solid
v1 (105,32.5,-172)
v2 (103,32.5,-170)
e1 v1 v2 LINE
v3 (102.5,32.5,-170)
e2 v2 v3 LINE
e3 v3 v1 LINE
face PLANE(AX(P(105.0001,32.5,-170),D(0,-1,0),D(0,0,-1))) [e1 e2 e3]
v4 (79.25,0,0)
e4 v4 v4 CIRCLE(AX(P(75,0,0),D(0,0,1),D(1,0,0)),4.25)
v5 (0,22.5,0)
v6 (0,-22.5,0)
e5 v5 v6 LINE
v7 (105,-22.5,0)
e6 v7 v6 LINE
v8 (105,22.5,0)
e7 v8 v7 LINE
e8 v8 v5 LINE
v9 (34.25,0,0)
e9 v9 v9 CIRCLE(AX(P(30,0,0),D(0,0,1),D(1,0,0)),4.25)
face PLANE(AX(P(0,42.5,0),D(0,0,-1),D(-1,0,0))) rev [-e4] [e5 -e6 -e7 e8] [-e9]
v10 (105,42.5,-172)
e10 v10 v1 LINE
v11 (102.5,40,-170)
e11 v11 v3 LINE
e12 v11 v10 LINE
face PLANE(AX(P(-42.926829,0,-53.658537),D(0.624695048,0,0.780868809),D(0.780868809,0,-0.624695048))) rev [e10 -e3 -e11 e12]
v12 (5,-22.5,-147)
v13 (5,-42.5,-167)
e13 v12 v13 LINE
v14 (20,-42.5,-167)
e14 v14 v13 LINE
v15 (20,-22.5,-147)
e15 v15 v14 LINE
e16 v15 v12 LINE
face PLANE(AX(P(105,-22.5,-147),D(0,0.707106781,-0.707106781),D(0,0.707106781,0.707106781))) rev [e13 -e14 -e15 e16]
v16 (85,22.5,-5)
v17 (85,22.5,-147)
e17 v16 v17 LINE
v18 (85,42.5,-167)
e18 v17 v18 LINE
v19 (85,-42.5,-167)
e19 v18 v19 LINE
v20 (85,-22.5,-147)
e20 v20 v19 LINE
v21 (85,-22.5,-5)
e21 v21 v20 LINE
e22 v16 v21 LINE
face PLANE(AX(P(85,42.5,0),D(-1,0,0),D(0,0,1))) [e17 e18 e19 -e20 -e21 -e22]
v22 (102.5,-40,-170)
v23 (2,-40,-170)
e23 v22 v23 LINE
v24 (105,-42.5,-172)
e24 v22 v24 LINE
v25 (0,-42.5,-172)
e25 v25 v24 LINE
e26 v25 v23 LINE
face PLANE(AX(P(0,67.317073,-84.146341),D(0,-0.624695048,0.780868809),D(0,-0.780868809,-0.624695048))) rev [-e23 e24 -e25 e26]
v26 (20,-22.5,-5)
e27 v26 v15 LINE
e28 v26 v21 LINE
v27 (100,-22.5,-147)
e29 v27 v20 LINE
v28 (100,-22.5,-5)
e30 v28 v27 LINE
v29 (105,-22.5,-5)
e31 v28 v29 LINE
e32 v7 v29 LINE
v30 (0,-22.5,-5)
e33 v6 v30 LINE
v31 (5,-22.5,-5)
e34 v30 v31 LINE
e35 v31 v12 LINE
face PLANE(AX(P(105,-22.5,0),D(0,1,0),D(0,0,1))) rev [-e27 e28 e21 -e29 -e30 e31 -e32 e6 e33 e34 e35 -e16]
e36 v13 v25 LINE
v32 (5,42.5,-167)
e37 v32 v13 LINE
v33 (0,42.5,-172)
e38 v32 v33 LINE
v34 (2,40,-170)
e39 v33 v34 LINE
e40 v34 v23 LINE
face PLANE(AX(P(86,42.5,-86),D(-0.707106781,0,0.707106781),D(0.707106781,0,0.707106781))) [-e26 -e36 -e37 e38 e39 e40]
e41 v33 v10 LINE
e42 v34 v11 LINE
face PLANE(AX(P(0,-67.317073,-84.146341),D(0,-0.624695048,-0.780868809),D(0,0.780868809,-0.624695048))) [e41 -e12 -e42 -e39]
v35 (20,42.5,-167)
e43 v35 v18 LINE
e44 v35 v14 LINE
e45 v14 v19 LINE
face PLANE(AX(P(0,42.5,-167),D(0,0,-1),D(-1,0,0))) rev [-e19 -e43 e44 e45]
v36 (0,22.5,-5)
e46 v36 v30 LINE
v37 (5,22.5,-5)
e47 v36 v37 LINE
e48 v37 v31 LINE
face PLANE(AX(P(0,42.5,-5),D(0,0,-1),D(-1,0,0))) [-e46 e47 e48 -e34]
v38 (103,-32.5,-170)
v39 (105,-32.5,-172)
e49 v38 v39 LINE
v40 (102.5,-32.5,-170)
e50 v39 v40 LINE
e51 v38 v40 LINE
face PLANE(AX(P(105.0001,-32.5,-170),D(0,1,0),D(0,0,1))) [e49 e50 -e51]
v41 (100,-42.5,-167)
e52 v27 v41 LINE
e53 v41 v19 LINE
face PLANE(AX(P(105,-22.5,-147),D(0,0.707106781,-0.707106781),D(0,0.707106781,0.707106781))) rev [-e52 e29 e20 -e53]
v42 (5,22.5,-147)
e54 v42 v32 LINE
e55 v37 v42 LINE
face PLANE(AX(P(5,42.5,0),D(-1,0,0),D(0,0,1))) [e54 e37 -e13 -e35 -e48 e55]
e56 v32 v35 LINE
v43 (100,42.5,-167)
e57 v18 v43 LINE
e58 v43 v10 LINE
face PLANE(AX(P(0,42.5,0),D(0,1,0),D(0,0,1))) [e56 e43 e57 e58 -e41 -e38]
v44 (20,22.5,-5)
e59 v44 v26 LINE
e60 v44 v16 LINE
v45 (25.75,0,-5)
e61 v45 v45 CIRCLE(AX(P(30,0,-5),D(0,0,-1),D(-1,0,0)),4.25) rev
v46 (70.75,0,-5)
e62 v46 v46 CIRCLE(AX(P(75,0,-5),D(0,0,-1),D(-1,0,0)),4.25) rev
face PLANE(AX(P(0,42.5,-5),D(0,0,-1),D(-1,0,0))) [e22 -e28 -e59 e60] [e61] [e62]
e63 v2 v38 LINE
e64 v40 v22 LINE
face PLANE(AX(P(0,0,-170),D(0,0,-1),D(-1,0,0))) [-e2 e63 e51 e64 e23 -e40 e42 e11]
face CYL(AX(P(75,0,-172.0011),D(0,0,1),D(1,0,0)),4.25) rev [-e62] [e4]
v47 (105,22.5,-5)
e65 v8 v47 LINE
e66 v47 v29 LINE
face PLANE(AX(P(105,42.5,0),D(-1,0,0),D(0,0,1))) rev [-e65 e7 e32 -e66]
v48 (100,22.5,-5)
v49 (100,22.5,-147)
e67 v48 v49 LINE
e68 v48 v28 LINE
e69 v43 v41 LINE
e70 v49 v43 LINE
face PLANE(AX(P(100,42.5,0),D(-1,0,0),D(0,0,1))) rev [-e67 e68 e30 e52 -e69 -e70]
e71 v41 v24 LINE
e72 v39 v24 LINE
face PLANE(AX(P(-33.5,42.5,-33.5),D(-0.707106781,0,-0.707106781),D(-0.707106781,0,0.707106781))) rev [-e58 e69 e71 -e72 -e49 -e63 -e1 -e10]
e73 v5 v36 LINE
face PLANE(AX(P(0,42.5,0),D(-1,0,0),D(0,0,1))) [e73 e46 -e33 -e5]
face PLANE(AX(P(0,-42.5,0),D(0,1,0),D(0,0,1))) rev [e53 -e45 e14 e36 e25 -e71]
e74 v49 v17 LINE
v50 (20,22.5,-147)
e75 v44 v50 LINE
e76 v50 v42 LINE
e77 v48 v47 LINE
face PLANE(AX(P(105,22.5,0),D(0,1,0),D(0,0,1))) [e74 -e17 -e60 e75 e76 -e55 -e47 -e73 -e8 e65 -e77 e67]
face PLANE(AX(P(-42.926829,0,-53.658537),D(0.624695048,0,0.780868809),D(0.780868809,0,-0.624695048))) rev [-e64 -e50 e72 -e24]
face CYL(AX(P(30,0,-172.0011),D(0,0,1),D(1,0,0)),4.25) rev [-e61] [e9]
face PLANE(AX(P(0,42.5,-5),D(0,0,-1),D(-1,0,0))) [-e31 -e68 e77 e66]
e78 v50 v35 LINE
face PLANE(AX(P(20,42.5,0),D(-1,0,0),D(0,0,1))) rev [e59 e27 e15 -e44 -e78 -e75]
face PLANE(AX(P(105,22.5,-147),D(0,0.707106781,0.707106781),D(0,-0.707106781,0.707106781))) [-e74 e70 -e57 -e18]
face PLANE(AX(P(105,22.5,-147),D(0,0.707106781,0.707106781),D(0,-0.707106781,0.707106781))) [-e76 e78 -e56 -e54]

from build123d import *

# Parameters (mm, degrees)
SKETCH1_W           = 65
SKETCH1_H           = 162
BOSS_EXTRUDE1_DEPTH = 42.5
CUT_EXTRUDE1_DEPTH  = 206.949629764
SKETCH4_R           = 4.25
CUT_EXTRUDE2_DEPTH  = 5
SKETCH5_W           = 2
SKETCH5_H           = 65
CUT_EXTRUDE3_DEPTH  = 206.949629919


with BuildPart() as part:
    # Sketch1 → Boss-Extrude1 (new, symmetric)
    with BuildSketch(Plane(origin=(0, 0, 0), x_dir=(1, 0, 0), z_dir=(0, 1, 0))):
        Polygon((100, 5), (100, 167), (105, 172), (0, 172), (5, 167), (5, 5), (0, 5), (0, 0), (105, 0), (105, 5), align=None)
        with Locations((52.5, 86)):
            Rectangle(SKETCH1_W, SKETCH1_H, mode=Mode.SUBTRACT)
    extrude(amount=BOSS_EXTRUDE1_DEPTH, both=True)

    # Sketch2 → Cut-Extrude1 (cut, through all)
    with BuildSketch(Plane(origin=(0, 0, 0), x_dir=(0, 0, -1), z_dir=(1, 0, 0))):
        Polygon((0, 22.5), (147, 22.5), (167, 42.5), (0, 42.5), align=None)
    cut_extrude1 = extrude(amount=CUT_EXTRUDE1_DEPTH, mode=Mode.SUBTRACT)

    # Mirror1: Cut-Extrude1 across plane
    add(cut_extrude1.mirror(Plane.ZX), mode=Mode.SUBTRACT)

    # Sketch3 → section 0 of cut_loft1
    with BuildSketch(Plane(origin=(0, 0, -170), x_dir=(-1, 0, 0), z_dir=(0, 0, -1)), mode=Mode.PRIVATE) as cut_loft1_s0:
        with BuildLine():
            Line((-102.5, 40), (0, 40))
            Line((0, 40), (0, -40))
            Line((0, -40), (-102.5, -40))
            Line((-102.5, -40), (-102.5, 40))
        make_face()
    # loft up to a face of the part (cut_loft1)
    loft([cut_loft1_s0.sketch, part.faces().sort_by_distance((52.5, 0, -172))[0]], mode=Mode.SUBTRACT)

    # Sketch4 → Cut-Extrude2 (cut)
    with BuildSketch(Plane.XY):
        with Locations((30, 0)):
            Circle(SKETCH4_R)
        with Locations((75, 0)):
            Circle(SKETCH4_R)
    extrude(amount=-CUT_EXTRUDE2_DEPTH, mode=Mode.SUBTRACT)

    # Sketch5 → Cut-Extrude3 (cut, through all)
    with BuildSketch(Plane(origin=(0, 0, 0), x_dir=(0, 0, -1), z_dir=(1, 0, 0))):
        with Locations((171, 0)):
            Rectangle(SKETCH5_W, SKETCH5_H)
    extrude(amount=CUT_EXTRUDE3_DEPTH, mode=Mode.SUBTRACT)


solid = part.part
